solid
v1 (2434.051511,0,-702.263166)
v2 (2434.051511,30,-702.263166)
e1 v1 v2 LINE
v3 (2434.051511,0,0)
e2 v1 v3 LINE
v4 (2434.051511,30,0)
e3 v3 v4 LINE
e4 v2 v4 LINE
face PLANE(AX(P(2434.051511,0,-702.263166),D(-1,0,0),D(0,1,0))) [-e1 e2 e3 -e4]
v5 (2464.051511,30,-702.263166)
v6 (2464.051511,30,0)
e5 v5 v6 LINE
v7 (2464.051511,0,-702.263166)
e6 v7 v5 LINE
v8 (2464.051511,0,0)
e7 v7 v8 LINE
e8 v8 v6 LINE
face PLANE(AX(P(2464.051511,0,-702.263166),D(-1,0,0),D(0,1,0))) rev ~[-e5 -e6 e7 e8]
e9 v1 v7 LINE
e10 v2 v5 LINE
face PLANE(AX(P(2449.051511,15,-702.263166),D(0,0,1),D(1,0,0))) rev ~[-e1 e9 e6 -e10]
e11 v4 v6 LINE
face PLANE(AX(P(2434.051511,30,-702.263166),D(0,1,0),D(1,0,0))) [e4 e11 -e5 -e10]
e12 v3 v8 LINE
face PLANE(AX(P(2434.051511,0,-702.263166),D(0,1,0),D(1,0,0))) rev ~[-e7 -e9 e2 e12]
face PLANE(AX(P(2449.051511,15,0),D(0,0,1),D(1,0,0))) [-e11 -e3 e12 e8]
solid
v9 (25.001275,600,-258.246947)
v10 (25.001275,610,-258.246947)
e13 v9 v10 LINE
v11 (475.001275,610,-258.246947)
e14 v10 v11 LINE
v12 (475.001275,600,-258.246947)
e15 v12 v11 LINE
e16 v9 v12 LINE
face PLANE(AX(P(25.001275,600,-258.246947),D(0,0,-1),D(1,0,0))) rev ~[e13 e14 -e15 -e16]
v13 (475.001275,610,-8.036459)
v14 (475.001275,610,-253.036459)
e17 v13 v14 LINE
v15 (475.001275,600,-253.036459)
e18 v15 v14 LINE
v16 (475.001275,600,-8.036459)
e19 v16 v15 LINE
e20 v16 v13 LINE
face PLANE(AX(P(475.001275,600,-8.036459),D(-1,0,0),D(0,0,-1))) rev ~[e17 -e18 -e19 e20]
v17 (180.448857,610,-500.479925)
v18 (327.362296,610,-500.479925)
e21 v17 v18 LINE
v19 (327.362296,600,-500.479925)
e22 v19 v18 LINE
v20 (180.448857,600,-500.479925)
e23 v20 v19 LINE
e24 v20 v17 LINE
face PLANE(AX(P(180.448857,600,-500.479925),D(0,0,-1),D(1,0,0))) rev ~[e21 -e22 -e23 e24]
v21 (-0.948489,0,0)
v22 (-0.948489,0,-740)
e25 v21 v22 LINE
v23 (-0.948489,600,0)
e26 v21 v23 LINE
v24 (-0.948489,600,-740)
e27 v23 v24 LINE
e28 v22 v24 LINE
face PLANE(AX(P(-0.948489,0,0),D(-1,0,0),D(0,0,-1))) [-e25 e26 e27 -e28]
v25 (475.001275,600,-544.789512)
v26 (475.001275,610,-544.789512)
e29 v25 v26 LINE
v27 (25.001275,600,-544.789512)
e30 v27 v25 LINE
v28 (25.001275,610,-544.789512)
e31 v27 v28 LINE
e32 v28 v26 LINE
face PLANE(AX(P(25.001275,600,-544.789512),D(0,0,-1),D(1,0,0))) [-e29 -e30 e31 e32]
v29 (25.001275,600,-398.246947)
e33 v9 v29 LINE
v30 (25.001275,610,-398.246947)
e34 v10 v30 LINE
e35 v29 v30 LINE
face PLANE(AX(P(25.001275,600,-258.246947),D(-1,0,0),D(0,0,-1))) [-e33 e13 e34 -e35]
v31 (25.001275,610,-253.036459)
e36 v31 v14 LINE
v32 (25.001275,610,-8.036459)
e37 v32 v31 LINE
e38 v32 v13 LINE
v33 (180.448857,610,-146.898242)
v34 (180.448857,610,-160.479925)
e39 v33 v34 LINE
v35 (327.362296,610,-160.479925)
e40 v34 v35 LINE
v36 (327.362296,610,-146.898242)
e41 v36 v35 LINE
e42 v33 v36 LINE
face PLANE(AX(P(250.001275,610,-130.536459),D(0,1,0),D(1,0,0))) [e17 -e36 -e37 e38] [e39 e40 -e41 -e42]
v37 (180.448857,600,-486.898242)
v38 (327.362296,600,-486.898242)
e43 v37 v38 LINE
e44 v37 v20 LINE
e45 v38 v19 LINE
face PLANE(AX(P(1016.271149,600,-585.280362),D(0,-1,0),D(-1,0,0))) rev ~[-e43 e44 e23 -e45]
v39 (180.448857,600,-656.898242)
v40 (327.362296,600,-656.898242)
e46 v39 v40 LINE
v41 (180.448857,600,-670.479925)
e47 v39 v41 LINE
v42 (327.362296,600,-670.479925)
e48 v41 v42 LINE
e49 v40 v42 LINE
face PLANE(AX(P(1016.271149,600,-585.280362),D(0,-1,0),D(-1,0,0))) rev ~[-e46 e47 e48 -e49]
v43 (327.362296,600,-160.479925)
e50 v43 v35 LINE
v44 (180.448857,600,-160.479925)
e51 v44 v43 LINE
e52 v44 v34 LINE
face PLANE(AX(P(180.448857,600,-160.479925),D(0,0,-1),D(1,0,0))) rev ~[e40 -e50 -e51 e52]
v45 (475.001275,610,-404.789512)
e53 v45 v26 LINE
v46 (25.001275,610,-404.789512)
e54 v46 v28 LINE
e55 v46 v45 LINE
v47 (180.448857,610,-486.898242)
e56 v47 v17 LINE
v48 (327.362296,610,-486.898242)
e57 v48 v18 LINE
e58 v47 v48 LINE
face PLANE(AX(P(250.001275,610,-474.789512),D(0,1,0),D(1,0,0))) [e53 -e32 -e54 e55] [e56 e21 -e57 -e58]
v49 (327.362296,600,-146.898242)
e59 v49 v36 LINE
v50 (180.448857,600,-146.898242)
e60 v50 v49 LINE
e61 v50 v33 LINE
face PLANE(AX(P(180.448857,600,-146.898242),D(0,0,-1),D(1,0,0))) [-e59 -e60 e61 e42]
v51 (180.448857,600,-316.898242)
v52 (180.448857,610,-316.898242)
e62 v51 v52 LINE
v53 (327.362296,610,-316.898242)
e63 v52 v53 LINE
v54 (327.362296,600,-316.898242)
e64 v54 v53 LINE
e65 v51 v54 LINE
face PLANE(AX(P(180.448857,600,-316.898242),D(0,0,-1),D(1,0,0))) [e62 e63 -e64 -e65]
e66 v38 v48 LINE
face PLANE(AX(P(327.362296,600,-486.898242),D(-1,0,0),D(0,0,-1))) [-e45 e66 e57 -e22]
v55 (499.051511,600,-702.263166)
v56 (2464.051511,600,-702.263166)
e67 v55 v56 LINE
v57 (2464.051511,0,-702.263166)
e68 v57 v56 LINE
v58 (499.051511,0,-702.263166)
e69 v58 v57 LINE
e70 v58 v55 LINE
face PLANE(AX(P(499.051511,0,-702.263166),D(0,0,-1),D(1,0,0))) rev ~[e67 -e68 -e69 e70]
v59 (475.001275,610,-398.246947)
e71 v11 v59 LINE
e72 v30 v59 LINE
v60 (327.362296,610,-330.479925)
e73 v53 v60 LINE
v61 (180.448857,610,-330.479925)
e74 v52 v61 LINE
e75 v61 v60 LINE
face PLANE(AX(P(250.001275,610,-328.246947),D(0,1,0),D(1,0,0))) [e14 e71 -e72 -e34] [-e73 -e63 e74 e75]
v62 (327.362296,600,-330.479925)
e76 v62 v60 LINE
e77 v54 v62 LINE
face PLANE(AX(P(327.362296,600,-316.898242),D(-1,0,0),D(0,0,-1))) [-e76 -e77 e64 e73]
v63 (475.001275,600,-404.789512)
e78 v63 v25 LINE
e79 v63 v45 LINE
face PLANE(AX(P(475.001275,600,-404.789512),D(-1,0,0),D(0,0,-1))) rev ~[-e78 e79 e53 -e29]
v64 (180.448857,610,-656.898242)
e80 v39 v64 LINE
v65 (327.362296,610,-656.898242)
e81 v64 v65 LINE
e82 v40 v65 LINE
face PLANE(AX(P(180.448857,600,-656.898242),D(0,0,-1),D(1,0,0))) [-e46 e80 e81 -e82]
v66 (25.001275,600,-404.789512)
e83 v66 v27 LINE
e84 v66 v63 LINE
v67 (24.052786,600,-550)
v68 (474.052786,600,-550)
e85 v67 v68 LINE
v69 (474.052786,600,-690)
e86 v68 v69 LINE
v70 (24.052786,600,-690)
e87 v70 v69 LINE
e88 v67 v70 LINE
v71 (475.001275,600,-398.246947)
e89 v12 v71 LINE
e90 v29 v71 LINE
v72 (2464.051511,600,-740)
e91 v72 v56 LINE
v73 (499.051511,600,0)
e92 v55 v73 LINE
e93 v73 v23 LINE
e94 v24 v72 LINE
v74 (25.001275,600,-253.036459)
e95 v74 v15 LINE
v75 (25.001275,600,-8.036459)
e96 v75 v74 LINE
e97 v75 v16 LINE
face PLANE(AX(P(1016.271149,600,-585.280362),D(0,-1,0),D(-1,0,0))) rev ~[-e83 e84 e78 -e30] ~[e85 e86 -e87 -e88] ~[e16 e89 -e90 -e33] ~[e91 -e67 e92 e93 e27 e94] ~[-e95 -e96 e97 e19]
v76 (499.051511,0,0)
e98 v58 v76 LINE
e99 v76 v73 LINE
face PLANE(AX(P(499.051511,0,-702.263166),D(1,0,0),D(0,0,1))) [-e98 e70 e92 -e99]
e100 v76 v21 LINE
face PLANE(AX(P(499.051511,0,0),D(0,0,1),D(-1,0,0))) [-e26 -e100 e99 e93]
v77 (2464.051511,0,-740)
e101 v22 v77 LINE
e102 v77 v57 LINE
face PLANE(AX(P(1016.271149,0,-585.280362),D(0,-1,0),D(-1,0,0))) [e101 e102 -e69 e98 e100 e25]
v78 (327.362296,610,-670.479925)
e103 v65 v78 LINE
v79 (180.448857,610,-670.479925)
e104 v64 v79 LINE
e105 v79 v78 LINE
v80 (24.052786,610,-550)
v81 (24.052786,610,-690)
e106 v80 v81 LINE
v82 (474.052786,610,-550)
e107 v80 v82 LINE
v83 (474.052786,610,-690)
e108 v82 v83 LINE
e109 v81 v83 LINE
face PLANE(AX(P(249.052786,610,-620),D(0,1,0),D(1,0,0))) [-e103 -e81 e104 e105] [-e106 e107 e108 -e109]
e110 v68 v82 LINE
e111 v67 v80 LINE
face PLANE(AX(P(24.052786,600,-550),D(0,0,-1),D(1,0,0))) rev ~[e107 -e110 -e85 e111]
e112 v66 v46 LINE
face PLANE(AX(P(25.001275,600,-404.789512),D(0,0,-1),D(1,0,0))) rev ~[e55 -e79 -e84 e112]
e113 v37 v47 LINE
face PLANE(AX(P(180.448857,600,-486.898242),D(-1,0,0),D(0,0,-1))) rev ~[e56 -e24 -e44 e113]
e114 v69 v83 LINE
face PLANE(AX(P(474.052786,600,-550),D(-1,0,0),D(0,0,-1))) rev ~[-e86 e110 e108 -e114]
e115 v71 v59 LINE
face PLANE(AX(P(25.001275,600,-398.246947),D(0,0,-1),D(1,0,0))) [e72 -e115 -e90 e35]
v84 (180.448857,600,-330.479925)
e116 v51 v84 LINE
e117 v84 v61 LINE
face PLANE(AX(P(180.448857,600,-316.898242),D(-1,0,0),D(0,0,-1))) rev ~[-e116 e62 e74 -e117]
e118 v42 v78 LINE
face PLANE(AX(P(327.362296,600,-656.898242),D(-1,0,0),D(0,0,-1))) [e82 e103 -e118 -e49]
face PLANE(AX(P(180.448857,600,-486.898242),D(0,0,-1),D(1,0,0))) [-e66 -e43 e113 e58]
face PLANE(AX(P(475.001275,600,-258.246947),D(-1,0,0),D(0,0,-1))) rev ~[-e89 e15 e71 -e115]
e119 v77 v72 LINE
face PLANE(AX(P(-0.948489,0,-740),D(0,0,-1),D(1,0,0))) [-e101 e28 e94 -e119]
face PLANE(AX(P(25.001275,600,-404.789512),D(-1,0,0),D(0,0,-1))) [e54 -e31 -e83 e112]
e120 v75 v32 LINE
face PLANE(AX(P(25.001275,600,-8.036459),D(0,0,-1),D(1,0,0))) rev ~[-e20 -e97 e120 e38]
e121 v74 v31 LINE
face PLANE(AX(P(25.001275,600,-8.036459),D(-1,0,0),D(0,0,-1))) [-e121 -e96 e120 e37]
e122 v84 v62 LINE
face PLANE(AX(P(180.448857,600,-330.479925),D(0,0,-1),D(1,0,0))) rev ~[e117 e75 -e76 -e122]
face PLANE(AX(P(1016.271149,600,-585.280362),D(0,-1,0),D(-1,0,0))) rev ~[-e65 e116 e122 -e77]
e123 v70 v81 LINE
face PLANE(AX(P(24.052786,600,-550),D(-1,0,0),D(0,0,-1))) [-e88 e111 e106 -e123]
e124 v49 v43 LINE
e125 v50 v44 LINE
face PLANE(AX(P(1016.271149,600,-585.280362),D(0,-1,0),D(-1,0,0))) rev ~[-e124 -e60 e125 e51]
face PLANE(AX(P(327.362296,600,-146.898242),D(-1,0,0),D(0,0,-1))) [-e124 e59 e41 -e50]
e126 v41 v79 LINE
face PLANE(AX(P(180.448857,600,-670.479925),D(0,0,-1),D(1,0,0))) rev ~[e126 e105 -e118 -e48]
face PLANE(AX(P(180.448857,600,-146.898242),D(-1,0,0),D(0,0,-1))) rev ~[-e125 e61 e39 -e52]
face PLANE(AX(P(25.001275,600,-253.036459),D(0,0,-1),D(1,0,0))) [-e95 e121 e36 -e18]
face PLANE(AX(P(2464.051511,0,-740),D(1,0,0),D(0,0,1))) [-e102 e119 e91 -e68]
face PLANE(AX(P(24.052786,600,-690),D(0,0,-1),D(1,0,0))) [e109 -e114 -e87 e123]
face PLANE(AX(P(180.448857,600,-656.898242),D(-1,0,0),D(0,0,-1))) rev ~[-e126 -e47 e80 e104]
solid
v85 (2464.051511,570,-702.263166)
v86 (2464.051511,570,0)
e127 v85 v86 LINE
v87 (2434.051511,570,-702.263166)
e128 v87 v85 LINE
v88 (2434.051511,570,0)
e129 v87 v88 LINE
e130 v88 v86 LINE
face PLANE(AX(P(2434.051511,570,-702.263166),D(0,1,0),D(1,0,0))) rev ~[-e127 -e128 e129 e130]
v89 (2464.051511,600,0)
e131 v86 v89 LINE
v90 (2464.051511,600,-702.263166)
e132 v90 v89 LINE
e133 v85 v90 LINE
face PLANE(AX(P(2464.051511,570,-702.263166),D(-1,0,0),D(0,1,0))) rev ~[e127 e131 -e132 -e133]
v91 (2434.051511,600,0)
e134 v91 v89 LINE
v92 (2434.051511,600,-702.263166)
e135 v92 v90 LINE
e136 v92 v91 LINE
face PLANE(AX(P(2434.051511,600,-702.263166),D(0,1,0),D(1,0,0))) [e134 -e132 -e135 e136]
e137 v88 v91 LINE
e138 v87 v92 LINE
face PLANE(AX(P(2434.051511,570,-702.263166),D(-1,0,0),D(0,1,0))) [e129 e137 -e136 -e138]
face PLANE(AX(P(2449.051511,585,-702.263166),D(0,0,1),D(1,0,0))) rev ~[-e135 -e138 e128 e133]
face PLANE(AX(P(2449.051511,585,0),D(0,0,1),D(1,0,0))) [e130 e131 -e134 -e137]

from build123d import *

# Parameters (mm, degrees)
BOSS_EXTRUDE1_DEPTH   = 600
SKETCH2_W             = 450
SKETCH2_H             = 140
SKETCH2_W_2           = 146.91343935
SKETCH2_H_2           = 13.581682478
SKETCH2_H_3           = 245
BOSS_EXTRUDE2_DEPTH   = 10
SKETCH3_W             = 30
SKETCH3_H             = 30
BOSS_EXTRUDE3_DEPTH   = 702.263166
BOSS_EXTRUDE3_2_DEPTH = 702.263166


with BuildPart() as part:
    # Sketch1 → Boss-Extrude1 (new body)
    with BuildSketch(Plane(origin=(0, 0, 0), x_dir=(1, 0, 0), z_dir=(0, 1, 0))):
        Polygon((-0.948488695, 0), (-0.948488695, 740), (2464.051511305, 740), (2464.051511305, 702.263165655), (1965, 702.263165655), (499.051511305, 702.263165655), (499.051511305, 0), align=None)
    extrude(amount=BOSS_EXTRUDE1_DEPTH)

    # Sketch2 → Boss-Extrude2 (add)
    with BuildSketch(Plane(origin=(0, 600, 0), x_dir=(1, 0, 0), z_dir=(0, 1, 0))):
        with Locations((249.05278621, 620)):
            Rectangle(SKETCH2_W, SKETCH2_H)
        with Locations((253.905576666, 663.689083521)):
            Rectangle(SKETCH2_W_2, SKETCH2_H_2, mode=Mode.SUBTRACT)
        with Locations((250.001274905, 474.789512045)):
            Rectangle(SKETCH2_W, SKETCH2_H)
        with Locations((253.905576666, 493.689083521)):
            Rectangle(SKETCH2_W_2, SKETCH2_H_2, mode=Mode.SUBTRACT)
        with Locations((250.001274905, 328.246947066)):
            Rectangle(SKETCH2_W, SKETCH2_H)
        with Locations((253.905576666, 323.689083521)):
            Rectangle(SKETCH2_W_2, SKETCH2_H_2, mode=Mode.SUBTRACT)
        with Locations((250.001274905, 130.536459111)):
            Rectangle(SKETCH2_W, SKETCH2_H_3)
        with Locations((253.905576666, 153.689083521)):
            Rectangle(SKETCH2_W_2, SKETCH2_H_2, mode=Mode.SUBTRACT)
    extrude(amount=BOSS_EXTRUDE2_DEPTH)


with BuildPart() as body_2:
    # Sketch3 → Boss-Extrude3 (new body)
    with BuildSketch(Plane.XY.offset(-702.263165655)):
        with Locations((2449.051511305, 15)):
            Rectangle(SKETCH3_W, SKETCH3_H)
    extrude(amount=BOSS_EXTRUDE3_DEPTH)


with BuildPart() as body_3:
    # Sketch3 → Boss-Extrude3 2 (new body)
    with BuildSketch(Plane.XY.offset(-702.263165655)):
        with Locations((2449.051511305, 585)):
            Rectangle(SKETCH3_W, SKETCH3_H)
    extrude(amount=BOSS_EXTRUDE3_2_DEPTH)


solid = Compound([part.part, body_2.part, body_3.part])
